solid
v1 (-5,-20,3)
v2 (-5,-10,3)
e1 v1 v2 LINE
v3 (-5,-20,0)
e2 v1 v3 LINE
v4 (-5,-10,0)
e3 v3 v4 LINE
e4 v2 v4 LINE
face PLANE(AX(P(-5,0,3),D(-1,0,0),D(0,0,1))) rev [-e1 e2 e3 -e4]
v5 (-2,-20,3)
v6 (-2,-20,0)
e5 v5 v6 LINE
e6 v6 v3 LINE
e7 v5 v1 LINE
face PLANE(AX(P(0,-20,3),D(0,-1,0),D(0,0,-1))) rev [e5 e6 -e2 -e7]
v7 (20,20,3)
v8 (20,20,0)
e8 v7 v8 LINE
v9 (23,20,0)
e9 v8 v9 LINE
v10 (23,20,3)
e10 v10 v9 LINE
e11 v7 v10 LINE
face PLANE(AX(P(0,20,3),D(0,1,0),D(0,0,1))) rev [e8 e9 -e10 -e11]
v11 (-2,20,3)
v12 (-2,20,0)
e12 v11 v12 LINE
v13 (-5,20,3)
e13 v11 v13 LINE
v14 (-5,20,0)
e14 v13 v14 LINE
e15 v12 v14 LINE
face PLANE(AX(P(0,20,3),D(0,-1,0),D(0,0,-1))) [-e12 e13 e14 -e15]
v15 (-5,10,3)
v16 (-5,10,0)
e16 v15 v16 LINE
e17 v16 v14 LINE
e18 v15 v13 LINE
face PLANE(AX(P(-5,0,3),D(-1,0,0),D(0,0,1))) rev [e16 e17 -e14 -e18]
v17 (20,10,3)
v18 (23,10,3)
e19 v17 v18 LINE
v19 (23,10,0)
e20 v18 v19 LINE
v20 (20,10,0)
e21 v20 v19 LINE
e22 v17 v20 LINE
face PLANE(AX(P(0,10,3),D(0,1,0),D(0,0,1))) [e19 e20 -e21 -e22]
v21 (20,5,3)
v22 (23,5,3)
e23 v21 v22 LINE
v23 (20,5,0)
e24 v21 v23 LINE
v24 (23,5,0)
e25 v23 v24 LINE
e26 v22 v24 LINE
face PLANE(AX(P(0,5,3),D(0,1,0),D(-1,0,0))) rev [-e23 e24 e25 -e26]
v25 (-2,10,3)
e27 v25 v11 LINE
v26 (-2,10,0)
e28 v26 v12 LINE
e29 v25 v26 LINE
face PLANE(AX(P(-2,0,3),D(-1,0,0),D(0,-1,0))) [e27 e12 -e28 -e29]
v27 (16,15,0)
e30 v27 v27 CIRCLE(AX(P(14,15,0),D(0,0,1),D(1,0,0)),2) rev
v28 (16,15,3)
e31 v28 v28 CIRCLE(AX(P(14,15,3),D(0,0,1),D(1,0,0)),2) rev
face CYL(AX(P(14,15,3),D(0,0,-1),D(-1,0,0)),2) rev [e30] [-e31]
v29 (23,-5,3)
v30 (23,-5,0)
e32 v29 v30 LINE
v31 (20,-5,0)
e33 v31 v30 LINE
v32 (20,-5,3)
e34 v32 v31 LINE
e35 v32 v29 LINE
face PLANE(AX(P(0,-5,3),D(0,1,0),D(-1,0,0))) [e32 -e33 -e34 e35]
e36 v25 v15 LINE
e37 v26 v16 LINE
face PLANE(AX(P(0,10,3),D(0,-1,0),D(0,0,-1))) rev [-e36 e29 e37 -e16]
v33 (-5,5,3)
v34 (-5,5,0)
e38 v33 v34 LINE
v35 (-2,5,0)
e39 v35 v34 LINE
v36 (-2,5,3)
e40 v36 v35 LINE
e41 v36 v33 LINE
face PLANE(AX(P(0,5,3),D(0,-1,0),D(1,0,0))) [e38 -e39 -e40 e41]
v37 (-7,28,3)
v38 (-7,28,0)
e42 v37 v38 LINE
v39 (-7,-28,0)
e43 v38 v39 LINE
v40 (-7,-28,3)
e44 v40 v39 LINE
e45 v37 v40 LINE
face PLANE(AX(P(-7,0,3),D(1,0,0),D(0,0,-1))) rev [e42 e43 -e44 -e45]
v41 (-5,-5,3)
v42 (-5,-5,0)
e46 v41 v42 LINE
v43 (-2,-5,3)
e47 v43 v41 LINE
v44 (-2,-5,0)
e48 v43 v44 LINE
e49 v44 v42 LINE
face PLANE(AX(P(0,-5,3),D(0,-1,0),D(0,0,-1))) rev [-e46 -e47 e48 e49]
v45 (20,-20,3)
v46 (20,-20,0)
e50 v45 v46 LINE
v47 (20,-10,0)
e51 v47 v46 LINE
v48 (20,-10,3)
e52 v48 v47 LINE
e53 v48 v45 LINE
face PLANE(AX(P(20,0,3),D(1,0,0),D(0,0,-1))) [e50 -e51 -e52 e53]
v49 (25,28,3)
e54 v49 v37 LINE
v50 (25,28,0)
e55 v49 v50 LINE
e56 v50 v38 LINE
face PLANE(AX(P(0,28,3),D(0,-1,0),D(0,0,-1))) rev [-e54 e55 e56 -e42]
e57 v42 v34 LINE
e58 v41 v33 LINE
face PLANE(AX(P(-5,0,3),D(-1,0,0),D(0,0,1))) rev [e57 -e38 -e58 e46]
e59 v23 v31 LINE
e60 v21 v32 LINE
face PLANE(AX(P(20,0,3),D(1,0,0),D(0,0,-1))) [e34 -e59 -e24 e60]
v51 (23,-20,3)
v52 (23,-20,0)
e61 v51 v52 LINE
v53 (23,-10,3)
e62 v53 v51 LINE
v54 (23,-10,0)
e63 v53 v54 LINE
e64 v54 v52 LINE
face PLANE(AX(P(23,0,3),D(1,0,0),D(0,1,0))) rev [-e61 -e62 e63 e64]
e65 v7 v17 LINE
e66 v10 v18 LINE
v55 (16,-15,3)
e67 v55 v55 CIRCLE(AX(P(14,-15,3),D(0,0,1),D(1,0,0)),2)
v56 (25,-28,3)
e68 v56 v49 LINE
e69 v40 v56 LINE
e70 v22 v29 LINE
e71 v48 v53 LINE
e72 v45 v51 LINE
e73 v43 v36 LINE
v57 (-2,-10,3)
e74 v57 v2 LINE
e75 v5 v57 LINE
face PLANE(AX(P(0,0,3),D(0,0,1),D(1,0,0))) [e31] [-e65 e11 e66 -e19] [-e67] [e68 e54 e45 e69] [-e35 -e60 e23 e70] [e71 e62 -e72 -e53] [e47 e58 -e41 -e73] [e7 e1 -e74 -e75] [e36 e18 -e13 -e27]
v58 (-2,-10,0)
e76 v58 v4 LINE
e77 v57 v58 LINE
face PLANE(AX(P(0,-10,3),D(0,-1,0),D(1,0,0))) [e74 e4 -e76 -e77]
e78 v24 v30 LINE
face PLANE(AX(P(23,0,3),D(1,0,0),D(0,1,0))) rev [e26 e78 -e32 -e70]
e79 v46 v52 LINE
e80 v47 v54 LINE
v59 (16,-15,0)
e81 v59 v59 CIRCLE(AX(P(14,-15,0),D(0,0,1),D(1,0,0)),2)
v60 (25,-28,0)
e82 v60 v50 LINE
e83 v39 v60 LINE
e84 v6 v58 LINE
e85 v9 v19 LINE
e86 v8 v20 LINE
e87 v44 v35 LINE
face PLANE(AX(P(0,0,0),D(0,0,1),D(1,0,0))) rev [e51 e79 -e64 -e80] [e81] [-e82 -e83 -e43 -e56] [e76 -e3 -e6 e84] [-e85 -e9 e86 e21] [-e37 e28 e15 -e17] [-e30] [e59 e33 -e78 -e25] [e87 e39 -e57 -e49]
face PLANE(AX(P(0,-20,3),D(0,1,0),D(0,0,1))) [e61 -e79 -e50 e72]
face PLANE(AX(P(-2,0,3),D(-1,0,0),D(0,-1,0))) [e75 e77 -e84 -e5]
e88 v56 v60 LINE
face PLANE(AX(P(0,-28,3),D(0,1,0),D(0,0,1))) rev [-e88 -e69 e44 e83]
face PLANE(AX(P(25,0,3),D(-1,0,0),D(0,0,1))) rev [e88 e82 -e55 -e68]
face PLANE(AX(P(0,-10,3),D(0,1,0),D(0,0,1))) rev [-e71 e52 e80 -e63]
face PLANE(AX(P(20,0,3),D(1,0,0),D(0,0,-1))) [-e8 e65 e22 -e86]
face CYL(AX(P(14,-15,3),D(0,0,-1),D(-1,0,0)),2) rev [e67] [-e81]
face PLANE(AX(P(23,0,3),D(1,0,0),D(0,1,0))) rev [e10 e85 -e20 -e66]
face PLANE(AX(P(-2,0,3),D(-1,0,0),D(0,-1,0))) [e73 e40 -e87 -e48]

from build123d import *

# Parameters (mm, degrees)
SKETCH_1_W      = 3
SKETCH_1_H      = 10
SKETCH_1_R      = 2
EXTRUDE_1_DEPTH = 3


with BuildPart() as part:
    # 草图1 → 凸台-拉伸1 (new body)
    with BuildSketch(Plane.XY):
        Polygon((25, -25), (25, 25), (25, 28), (-7, 28), (-7, 25), (-7, -25), (-7, -28), (25, -28), align=None)
        with Locations((-3.5, -15)):
            Rectangle(SKETCH_1_W, SKETCH_1_H, mode=Mode.SUBTRACT)
        with Locations((14, -15)):
            Circle(SKETCH_1_R, mode=Mode.SUBTRACT)
        with Locations((21.5, -15)):
            Rectangle(SKETCH_1_W, SKETCH_1_H, mode=Mode.SUBTRACT)
        with Locations((-3.5, 0)):
            Rectangle(SKETCH_1_W, SKETCH_1_H, mode=Mode.SUBTRACT)
        with Locations((-3.5, 15)):
            Rectangle(SKETCH_1_W, SKETCH_1_H, mode=Mode.SUBTRACT)
        with Locations((21.5, 0)):
            Rectangle(SKETCH_1_W, SKETCH_1_H, mode=Mode.SUBTRACT)
        with Locations((14, 15)):
            Circle(SKETCH_1_R, mode=Mode.SUBTRACT)
        with Locations((21.5, 15)):
            Rectangle(SKETCH_1_W, SKETCH_1_H, mode=Mode.SUBTRACT)
    extrude(amount=EXTRUDE_1_DEPTH)


solid = part.part
